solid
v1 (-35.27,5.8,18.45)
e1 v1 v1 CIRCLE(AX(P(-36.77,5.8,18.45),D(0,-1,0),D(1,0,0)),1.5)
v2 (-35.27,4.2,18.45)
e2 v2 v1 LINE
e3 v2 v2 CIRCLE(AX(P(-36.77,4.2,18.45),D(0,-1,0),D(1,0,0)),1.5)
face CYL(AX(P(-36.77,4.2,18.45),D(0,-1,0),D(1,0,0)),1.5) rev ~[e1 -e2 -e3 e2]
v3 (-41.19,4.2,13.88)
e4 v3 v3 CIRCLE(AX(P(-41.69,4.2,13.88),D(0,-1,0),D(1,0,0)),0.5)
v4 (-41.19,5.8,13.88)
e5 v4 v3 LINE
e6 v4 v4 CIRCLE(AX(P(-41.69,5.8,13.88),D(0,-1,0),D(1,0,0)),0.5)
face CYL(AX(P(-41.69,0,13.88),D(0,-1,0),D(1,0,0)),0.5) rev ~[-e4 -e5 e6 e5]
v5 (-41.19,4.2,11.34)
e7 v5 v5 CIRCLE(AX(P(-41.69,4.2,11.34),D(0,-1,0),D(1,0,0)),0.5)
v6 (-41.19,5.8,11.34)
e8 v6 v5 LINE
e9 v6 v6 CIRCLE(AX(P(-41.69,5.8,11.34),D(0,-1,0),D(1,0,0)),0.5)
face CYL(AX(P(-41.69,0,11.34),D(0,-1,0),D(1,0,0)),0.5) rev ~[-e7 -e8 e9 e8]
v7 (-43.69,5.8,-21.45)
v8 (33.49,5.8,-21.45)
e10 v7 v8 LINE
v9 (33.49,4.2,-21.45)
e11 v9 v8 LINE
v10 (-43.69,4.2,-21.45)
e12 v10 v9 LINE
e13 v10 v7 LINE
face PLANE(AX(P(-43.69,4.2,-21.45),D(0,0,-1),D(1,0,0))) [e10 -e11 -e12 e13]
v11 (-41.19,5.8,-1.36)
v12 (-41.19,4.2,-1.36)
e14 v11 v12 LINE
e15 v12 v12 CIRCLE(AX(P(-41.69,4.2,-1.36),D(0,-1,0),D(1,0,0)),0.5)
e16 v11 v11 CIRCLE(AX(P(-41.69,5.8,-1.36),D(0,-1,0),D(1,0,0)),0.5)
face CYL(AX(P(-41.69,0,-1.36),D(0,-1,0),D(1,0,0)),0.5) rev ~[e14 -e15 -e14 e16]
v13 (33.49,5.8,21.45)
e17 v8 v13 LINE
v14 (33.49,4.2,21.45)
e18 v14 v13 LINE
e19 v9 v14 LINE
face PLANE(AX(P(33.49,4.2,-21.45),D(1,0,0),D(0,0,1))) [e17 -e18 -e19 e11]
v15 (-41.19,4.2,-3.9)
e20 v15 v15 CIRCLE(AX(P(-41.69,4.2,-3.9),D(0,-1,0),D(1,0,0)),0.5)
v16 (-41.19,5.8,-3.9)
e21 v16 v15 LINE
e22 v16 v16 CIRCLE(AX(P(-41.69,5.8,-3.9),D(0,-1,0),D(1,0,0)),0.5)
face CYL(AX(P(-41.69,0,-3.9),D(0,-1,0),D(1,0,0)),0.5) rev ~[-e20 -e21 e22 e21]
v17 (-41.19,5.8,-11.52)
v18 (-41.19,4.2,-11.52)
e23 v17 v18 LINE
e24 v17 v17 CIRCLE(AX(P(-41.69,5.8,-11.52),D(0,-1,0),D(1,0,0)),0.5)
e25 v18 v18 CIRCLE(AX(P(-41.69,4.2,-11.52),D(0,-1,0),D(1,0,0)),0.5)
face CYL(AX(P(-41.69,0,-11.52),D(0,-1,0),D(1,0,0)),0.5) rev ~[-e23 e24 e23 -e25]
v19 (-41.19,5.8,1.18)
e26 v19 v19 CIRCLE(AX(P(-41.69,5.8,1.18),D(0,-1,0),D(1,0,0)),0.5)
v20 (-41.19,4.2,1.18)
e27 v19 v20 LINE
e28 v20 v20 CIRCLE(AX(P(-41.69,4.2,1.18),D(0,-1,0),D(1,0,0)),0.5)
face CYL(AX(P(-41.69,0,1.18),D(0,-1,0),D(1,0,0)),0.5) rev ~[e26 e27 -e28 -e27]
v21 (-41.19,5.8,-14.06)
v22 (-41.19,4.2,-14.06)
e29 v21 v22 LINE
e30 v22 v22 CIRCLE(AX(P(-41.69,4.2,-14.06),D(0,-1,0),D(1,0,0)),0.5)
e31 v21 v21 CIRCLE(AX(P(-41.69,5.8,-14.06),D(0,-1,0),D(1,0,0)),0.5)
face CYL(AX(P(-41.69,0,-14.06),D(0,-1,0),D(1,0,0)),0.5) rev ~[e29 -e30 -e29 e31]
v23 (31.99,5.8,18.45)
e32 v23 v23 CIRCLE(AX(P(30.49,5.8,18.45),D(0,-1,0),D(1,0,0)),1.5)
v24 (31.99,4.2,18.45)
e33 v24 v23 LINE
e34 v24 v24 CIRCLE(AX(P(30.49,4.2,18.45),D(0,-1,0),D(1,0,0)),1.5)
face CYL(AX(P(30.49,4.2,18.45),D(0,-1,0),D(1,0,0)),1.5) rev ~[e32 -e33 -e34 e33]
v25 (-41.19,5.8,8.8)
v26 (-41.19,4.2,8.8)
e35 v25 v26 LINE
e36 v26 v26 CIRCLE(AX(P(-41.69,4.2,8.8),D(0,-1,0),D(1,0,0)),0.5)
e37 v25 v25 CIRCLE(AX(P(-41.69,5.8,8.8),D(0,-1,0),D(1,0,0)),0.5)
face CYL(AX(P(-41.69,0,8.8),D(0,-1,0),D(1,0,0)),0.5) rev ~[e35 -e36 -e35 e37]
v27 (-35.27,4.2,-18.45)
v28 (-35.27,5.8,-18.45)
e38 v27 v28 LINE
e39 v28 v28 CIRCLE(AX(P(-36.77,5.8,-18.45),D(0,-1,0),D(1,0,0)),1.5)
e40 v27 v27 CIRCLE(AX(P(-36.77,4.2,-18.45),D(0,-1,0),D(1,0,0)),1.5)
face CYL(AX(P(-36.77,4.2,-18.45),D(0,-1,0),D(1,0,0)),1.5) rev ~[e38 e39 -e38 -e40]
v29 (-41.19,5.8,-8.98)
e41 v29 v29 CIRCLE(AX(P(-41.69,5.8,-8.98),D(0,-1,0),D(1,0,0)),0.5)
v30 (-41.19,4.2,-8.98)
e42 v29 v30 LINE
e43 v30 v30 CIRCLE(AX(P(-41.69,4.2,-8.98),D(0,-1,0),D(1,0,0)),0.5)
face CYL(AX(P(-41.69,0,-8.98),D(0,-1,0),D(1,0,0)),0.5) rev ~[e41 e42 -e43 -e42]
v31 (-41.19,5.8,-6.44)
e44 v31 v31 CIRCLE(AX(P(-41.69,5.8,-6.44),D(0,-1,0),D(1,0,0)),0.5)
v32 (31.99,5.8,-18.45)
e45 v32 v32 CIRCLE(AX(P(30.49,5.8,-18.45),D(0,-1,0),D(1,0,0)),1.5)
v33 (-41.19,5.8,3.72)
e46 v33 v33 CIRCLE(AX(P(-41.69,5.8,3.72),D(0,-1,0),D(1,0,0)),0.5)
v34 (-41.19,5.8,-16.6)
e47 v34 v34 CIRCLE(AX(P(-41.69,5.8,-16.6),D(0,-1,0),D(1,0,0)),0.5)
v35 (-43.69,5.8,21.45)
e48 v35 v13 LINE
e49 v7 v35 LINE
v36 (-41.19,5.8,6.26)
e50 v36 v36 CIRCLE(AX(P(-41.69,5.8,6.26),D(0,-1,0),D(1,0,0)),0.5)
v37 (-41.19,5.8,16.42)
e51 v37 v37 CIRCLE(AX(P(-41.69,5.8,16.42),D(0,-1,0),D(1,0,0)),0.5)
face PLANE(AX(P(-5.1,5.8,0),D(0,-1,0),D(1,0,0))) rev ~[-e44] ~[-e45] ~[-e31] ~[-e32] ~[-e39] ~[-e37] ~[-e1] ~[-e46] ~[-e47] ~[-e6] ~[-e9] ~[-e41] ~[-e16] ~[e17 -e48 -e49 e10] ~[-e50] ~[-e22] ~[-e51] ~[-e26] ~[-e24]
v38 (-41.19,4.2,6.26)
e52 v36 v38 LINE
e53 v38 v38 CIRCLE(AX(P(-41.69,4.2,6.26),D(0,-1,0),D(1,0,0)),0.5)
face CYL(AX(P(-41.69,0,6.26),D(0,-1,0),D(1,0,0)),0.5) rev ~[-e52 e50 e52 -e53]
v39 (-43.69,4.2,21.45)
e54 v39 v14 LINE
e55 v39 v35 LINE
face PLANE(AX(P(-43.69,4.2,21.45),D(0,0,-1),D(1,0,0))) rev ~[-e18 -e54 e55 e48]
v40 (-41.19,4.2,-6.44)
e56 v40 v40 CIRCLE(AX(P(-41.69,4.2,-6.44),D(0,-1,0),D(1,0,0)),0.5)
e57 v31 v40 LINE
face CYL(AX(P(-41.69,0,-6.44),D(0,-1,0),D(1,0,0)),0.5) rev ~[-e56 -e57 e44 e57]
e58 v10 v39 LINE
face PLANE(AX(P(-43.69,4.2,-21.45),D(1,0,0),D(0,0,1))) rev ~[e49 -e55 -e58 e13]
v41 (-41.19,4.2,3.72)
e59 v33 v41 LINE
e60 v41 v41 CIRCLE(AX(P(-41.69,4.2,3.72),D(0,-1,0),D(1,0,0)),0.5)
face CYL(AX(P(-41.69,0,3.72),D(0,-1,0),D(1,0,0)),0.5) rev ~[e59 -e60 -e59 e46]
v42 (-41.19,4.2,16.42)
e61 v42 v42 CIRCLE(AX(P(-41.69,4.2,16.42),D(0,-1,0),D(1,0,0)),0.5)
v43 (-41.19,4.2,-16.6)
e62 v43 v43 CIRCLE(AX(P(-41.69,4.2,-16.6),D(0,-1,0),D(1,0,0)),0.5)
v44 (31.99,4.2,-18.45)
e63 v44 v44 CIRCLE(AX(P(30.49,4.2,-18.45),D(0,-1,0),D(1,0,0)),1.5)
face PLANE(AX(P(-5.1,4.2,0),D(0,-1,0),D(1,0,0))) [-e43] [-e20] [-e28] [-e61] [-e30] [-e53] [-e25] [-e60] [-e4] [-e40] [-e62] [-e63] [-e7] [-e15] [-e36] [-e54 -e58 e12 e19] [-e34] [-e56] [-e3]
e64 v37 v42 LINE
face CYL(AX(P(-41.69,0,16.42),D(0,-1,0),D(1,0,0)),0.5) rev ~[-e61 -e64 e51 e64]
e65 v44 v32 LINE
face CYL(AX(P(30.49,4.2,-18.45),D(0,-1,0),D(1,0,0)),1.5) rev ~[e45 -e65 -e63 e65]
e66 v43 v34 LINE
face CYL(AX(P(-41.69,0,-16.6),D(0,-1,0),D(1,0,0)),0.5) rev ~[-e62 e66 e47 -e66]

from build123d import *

# Parameters (mm, degrees)
SKETCH002_W         = 77.18
SKETCH002_H         = 42.9
SKETCH002_R         = 1.5
PAD002_DEPTH        = 1.6
SKETCH004_R         = 0.5
POCKET_DEPTH        = 5.801
POCKET_DEPTH_BACK   = 0.001
LINEARPATTERN_COUNT = 14
LINEARPATTERN_PITCH = 2.54


with BuildPart() as part:
    # Sketch002 → Pad002 (new body)
    with BuildSketch(Plane.XZ.offset(-4.2)):
        with Locations((-5.1, 0)):
            Rectangle(SKETCH002_W, SKETCH002_H)
        with Locations((30.49, 18.45)):
            Circle(SKETCH002_R, mode=Mode.SUBTRACT)
        with Locations((30.49, -18.45)):
            Circle(SKETCH002_R, mode=Mode.SUBTRACT)
        with Locations((-36.77, -18.45)):
            Circle(SKETCH002_R, mode=Mode.SUBTRACT)
        with Locations((-36.77, 18.45)):
            Circle(SKETCH002_R, mode=Mode.SUBTRACT)
    extrude(amount=-PAD002_DEPTH)

    # Sketch004 → Pocket (cut, two sides)
    with BuildSketch(Plane.XZ) as pocket_sk:
        with Locations((-41.69, -16.6)):
            Circle(SKETCH004_R)
    pocket = extrude(amount=-POCKET_DEPTH, mode=Mode.SUBTRACT) + extrude(pocket_sk.sketch, amount=POCKET_DEPTH_BACK, mode=Mode.SUBTRACT)

    # LinearPattern: Pocket ×14
    with Locations(*[(0, 0, i * LINEARPATTERN_PITCH) for i in range(1, LINEARPATTERN_COUNT)]):
        add(pocket, mode=Mode.SUBTRACT)


solid = part.part
